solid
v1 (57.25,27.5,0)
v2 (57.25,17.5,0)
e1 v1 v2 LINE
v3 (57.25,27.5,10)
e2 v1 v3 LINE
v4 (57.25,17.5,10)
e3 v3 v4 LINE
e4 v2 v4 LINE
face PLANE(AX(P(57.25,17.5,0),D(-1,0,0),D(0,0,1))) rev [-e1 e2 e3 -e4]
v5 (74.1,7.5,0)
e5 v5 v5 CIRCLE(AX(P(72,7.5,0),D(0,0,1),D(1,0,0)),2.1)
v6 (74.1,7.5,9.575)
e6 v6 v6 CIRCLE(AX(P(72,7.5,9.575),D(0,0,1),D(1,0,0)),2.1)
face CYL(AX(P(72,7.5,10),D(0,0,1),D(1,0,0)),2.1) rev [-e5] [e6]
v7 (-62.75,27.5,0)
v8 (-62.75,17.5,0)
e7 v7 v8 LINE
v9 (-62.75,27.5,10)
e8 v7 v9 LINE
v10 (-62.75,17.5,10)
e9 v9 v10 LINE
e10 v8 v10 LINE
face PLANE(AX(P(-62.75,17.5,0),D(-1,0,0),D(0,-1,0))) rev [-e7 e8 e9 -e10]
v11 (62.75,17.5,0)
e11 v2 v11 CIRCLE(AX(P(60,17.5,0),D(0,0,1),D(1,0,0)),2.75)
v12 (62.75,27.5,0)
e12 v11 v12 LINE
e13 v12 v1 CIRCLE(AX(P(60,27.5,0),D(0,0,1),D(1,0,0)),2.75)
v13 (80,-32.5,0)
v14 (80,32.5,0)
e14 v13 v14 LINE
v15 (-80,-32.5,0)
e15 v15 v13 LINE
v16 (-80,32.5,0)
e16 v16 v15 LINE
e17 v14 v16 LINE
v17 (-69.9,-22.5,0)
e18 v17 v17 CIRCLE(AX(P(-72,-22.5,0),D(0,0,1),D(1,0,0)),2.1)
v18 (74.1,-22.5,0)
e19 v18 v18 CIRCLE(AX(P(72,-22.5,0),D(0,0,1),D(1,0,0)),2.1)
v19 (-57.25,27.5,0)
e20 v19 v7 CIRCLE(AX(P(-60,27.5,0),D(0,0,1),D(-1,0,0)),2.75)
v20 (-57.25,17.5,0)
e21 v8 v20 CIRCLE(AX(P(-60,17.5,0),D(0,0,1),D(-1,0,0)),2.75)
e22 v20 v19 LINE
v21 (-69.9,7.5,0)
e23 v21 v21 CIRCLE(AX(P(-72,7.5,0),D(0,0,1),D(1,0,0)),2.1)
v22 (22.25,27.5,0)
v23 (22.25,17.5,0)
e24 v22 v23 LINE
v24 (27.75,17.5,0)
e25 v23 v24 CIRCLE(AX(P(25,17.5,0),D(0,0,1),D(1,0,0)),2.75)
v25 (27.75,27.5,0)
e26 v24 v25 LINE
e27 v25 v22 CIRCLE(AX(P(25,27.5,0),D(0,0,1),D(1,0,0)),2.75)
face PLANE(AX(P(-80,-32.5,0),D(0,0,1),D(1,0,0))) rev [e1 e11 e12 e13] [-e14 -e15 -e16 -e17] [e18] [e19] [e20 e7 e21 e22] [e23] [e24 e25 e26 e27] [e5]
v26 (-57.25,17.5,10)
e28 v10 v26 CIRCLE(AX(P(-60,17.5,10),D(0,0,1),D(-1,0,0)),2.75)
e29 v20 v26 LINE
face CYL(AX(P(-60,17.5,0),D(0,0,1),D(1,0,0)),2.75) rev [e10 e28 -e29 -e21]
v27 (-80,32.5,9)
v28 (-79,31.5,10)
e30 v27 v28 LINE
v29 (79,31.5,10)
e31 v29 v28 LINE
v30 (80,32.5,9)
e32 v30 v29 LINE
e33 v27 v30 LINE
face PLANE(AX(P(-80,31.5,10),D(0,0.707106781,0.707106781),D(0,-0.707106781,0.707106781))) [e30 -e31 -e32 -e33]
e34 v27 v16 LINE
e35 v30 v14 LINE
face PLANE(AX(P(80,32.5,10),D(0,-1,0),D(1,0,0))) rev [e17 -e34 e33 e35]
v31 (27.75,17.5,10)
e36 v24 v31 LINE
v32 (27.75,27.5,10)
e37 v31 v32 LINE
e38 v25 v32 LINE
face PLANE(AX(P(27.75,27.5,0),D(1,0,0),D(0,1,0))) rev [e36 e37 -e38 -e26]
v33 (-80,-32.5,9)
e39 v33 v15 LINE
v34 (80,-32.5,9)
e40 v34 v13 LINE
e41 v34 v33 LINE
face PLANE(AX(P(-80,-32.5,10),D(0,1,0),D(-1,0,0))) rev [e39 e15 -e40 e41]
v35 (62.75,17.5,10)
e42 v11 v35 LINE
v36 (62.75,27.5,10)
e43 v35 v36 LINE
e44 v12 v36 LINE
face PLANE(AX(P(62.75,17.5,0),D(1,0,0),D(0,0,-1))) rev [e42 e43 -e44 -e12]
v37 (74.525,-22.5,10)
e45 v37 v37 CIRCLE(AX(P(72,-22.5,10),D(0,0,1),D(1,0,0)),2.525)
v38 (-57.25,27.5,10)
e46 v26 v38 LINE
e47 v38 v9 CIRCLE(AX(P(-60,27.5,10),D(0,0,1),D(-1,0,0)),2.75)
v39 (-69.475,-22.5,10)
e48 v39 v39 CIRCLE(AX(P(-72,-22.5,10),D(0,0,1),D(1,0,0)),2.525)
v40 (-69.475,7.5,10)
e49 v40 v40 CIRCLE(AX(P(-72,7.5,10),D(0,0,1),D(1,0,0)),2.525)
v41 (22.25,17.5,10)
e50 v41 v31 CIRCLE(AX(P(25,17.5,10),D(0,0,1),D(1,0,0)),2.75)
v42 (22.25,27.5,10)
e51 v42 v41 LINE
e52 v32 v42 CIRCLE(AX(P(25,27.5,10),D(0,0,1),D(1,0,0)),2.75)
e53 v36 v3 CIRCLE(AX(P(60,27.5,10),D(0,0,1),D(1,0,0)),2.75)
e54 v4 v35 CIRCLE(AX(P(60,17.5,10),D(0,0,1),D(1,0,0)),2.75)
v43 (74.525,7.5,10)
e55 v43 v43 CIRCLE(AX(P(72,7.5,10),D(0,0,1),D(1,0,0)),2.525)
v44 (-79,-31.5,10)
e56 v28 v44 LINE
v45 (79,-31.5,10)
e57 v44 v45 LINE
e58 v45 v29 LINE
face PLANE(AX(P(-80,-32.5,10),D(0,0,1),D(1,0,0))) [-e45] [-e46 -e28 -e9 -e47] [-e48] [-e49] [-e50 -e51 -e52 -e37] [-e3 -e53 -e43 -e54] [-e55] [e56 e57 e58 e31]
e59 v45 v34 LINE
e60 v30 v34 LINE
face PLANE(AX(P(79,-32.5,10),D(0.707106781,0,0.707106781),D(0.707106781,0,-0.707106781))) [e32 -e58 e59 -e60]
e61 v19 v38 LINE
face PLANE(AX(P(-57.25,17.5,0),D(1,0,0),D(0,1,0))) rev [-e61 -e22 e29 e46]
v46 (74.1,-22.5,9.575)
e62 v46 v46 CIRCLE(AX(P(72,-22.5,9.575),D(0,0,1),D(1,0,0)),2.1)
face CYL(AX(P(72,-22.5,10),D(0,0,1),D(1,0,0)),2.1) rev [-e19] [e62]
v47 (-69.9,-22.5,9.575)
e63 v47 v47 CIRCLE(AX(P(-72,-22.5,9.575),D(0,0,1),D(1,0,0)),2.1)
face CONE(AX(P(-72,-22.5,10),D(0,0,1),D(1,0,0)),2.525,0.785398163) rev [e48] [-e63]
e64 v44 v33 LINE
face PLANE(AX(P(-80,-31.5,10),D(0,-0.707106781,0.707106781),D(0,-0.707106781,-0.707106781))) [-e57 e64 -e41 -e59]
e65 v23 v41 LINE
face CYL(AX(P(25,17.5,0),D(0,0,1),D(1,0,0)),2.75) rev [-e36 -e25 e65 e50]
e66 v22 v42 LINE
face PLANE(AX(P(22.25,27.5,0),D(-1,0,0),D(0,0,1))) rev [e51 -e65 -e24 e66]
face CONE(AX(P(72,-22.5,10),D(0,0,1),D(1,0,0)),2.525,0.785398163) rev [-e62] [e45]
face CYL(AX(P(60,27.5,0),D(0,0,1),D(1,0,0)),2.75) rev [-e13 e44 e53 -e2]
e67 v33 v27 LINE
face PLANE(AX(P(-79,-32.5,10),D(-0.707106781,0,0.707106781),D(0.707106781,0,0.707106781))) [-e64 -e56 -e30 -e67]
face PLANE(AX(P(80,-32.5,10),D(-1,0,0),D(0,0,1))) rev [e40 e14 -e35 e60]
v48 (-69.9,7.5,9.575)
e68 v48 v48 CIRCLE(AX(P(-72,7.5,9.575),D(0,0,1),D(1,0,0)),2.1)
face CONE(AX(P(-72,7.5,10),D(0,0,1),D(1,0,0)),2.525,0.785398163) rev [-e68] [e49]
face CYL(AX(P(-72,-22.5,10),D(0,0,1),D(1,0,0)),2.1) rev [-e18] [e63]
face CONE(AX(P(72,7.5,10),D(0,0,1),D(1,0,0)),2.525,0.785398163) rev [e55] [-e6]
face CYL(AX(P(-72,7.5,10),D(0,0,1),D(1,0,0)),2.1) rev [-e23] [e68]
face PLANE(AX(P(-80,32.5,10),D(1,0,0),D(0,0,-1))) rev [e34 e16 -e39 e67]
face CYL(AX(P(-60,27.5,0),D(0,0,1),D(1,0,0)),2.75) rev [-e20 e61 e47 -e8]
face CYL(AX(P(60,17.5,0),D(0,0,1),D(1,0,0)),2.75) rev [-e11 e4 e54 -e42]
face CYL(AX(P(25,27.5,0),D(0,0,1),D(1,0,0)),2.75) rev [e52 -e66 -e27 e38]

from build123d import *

# Parameters (mm, degrees)
SKIZZE1_W                       = 160
SKIZZE1_H                       = 65
AUFSATZ_LINEAR_AUSTRAGEN1_DEPTH = 10
M5_GEWINDEBOHRUNG1_D            = 4.2
M5_GEWINDEBOHRUNG1_DEPTH        = 14
M5_GEWINDEBOHRUNG1_CSINK_D      = 5.05
M5_GEWINDEBOHRUNG1_CSINK_ANGLE  = 90
M5_GEWINDEBOHRUNG1_TIP          = 1.2618073
SCHNITT_LINEAR_AUSTRAGEN1_DEPTH = 87.926693254
FASE1_SIZE                      = 1


with BuildPart() as part:
    # Skizze1 → Aufsatz-Linear austragen1 (new body)
    with BuildSketch(Plane.XY):
        Rectangle(SKIZZE1_W, SKIZZE1_H)
    extrude(amount=AUFSATZ_LINEAR_AUSTRAGEN1_DEPTH)

    # M5 Gewindebohrung1
    with Locations(Plane.XY.offset(10)):
        with Locations((-72, 7.5), (-72, -22.5), (72, -22.5), (72, 7.5)):
            CounterSinkHole(M5_GEWINDEBOHRUNG1_D / 2, M5_GEWINDEBOHRUNG1_CSINK_D / 2, depth=M5_GEWINDEBOHRUNG1_DEPTH, counter_sink_angle=M5_GEWINDEBOHRUNG1_CSINK_ANGLE)
            with Locations((0, 0, -(M5_GEWINDEBOHRUNG1_DEPTH + M5_GEWINDEBOHRUNG1_TIP / 2))):  # 118° drill point
                Cone(0, M5_GEWINDEBOHRUNG1_D / 2, M5_GEWINDEBOHRUNG1_TIP, mode=Mode.SUBTRACT)

    # Skizze4 → Schnitt-Linear austragen1 (cut, through all)
    with BuildSketch(Plane.XY.offset(10)):
        with BuildLine():
            Line((27.75, 27.5), (27.75, 17.5))
            ThreePointArc((27.75, 17.5), (25, 14.75), (22.25, 17.5))
            Line((22.25, 17.5), (22.25, 27.5))
            ThreePointArc((22.25, 27.5), (25, 30.25), (27.75, 27.5))
        make_face()
        with BuildLine():
            Line((57.25, 17.5), (57.25, 27.5))
            ThreePointArc((57.25, 27.5), (60, 30.25), (62.75, 27.5))
            Line((62.75, 27.5), (62.75, 17.5))
            ThreePointArc((62.75, 17.5), (60, 14.75), (57.25, 17.5))
        make_face()
        with BuildLine():
            Line((-57.25, 17.5), (-57.25, 27.5))
            ThreePointArc((-57.25, 27.5), (-60, 30.25), (-62.75, 27.5))
            Line((-62.75, 27.5), (-62.75, 17.5))
            ThreePointArc((-62.75, 17.5), (-60, 14.75), (-57.25, 17.5))
        make_face()
    extrude(amount=-SCHNITT_LINEAR_AUSTRAGEN1_DEPTH, mode=Mode.SUBTRACT)

    # Fase1
    fase1_edges = [part.edges().sort_by_distance(p)[0] for p in [
        (80, 0, 10),
        (0, 32.5, 10),
        (-80, 0, 10),
        (0, -32.5, 10),
    ]]
    chamfer(fase1_edges, length=FASE1_SIZE)


solid = part.part
